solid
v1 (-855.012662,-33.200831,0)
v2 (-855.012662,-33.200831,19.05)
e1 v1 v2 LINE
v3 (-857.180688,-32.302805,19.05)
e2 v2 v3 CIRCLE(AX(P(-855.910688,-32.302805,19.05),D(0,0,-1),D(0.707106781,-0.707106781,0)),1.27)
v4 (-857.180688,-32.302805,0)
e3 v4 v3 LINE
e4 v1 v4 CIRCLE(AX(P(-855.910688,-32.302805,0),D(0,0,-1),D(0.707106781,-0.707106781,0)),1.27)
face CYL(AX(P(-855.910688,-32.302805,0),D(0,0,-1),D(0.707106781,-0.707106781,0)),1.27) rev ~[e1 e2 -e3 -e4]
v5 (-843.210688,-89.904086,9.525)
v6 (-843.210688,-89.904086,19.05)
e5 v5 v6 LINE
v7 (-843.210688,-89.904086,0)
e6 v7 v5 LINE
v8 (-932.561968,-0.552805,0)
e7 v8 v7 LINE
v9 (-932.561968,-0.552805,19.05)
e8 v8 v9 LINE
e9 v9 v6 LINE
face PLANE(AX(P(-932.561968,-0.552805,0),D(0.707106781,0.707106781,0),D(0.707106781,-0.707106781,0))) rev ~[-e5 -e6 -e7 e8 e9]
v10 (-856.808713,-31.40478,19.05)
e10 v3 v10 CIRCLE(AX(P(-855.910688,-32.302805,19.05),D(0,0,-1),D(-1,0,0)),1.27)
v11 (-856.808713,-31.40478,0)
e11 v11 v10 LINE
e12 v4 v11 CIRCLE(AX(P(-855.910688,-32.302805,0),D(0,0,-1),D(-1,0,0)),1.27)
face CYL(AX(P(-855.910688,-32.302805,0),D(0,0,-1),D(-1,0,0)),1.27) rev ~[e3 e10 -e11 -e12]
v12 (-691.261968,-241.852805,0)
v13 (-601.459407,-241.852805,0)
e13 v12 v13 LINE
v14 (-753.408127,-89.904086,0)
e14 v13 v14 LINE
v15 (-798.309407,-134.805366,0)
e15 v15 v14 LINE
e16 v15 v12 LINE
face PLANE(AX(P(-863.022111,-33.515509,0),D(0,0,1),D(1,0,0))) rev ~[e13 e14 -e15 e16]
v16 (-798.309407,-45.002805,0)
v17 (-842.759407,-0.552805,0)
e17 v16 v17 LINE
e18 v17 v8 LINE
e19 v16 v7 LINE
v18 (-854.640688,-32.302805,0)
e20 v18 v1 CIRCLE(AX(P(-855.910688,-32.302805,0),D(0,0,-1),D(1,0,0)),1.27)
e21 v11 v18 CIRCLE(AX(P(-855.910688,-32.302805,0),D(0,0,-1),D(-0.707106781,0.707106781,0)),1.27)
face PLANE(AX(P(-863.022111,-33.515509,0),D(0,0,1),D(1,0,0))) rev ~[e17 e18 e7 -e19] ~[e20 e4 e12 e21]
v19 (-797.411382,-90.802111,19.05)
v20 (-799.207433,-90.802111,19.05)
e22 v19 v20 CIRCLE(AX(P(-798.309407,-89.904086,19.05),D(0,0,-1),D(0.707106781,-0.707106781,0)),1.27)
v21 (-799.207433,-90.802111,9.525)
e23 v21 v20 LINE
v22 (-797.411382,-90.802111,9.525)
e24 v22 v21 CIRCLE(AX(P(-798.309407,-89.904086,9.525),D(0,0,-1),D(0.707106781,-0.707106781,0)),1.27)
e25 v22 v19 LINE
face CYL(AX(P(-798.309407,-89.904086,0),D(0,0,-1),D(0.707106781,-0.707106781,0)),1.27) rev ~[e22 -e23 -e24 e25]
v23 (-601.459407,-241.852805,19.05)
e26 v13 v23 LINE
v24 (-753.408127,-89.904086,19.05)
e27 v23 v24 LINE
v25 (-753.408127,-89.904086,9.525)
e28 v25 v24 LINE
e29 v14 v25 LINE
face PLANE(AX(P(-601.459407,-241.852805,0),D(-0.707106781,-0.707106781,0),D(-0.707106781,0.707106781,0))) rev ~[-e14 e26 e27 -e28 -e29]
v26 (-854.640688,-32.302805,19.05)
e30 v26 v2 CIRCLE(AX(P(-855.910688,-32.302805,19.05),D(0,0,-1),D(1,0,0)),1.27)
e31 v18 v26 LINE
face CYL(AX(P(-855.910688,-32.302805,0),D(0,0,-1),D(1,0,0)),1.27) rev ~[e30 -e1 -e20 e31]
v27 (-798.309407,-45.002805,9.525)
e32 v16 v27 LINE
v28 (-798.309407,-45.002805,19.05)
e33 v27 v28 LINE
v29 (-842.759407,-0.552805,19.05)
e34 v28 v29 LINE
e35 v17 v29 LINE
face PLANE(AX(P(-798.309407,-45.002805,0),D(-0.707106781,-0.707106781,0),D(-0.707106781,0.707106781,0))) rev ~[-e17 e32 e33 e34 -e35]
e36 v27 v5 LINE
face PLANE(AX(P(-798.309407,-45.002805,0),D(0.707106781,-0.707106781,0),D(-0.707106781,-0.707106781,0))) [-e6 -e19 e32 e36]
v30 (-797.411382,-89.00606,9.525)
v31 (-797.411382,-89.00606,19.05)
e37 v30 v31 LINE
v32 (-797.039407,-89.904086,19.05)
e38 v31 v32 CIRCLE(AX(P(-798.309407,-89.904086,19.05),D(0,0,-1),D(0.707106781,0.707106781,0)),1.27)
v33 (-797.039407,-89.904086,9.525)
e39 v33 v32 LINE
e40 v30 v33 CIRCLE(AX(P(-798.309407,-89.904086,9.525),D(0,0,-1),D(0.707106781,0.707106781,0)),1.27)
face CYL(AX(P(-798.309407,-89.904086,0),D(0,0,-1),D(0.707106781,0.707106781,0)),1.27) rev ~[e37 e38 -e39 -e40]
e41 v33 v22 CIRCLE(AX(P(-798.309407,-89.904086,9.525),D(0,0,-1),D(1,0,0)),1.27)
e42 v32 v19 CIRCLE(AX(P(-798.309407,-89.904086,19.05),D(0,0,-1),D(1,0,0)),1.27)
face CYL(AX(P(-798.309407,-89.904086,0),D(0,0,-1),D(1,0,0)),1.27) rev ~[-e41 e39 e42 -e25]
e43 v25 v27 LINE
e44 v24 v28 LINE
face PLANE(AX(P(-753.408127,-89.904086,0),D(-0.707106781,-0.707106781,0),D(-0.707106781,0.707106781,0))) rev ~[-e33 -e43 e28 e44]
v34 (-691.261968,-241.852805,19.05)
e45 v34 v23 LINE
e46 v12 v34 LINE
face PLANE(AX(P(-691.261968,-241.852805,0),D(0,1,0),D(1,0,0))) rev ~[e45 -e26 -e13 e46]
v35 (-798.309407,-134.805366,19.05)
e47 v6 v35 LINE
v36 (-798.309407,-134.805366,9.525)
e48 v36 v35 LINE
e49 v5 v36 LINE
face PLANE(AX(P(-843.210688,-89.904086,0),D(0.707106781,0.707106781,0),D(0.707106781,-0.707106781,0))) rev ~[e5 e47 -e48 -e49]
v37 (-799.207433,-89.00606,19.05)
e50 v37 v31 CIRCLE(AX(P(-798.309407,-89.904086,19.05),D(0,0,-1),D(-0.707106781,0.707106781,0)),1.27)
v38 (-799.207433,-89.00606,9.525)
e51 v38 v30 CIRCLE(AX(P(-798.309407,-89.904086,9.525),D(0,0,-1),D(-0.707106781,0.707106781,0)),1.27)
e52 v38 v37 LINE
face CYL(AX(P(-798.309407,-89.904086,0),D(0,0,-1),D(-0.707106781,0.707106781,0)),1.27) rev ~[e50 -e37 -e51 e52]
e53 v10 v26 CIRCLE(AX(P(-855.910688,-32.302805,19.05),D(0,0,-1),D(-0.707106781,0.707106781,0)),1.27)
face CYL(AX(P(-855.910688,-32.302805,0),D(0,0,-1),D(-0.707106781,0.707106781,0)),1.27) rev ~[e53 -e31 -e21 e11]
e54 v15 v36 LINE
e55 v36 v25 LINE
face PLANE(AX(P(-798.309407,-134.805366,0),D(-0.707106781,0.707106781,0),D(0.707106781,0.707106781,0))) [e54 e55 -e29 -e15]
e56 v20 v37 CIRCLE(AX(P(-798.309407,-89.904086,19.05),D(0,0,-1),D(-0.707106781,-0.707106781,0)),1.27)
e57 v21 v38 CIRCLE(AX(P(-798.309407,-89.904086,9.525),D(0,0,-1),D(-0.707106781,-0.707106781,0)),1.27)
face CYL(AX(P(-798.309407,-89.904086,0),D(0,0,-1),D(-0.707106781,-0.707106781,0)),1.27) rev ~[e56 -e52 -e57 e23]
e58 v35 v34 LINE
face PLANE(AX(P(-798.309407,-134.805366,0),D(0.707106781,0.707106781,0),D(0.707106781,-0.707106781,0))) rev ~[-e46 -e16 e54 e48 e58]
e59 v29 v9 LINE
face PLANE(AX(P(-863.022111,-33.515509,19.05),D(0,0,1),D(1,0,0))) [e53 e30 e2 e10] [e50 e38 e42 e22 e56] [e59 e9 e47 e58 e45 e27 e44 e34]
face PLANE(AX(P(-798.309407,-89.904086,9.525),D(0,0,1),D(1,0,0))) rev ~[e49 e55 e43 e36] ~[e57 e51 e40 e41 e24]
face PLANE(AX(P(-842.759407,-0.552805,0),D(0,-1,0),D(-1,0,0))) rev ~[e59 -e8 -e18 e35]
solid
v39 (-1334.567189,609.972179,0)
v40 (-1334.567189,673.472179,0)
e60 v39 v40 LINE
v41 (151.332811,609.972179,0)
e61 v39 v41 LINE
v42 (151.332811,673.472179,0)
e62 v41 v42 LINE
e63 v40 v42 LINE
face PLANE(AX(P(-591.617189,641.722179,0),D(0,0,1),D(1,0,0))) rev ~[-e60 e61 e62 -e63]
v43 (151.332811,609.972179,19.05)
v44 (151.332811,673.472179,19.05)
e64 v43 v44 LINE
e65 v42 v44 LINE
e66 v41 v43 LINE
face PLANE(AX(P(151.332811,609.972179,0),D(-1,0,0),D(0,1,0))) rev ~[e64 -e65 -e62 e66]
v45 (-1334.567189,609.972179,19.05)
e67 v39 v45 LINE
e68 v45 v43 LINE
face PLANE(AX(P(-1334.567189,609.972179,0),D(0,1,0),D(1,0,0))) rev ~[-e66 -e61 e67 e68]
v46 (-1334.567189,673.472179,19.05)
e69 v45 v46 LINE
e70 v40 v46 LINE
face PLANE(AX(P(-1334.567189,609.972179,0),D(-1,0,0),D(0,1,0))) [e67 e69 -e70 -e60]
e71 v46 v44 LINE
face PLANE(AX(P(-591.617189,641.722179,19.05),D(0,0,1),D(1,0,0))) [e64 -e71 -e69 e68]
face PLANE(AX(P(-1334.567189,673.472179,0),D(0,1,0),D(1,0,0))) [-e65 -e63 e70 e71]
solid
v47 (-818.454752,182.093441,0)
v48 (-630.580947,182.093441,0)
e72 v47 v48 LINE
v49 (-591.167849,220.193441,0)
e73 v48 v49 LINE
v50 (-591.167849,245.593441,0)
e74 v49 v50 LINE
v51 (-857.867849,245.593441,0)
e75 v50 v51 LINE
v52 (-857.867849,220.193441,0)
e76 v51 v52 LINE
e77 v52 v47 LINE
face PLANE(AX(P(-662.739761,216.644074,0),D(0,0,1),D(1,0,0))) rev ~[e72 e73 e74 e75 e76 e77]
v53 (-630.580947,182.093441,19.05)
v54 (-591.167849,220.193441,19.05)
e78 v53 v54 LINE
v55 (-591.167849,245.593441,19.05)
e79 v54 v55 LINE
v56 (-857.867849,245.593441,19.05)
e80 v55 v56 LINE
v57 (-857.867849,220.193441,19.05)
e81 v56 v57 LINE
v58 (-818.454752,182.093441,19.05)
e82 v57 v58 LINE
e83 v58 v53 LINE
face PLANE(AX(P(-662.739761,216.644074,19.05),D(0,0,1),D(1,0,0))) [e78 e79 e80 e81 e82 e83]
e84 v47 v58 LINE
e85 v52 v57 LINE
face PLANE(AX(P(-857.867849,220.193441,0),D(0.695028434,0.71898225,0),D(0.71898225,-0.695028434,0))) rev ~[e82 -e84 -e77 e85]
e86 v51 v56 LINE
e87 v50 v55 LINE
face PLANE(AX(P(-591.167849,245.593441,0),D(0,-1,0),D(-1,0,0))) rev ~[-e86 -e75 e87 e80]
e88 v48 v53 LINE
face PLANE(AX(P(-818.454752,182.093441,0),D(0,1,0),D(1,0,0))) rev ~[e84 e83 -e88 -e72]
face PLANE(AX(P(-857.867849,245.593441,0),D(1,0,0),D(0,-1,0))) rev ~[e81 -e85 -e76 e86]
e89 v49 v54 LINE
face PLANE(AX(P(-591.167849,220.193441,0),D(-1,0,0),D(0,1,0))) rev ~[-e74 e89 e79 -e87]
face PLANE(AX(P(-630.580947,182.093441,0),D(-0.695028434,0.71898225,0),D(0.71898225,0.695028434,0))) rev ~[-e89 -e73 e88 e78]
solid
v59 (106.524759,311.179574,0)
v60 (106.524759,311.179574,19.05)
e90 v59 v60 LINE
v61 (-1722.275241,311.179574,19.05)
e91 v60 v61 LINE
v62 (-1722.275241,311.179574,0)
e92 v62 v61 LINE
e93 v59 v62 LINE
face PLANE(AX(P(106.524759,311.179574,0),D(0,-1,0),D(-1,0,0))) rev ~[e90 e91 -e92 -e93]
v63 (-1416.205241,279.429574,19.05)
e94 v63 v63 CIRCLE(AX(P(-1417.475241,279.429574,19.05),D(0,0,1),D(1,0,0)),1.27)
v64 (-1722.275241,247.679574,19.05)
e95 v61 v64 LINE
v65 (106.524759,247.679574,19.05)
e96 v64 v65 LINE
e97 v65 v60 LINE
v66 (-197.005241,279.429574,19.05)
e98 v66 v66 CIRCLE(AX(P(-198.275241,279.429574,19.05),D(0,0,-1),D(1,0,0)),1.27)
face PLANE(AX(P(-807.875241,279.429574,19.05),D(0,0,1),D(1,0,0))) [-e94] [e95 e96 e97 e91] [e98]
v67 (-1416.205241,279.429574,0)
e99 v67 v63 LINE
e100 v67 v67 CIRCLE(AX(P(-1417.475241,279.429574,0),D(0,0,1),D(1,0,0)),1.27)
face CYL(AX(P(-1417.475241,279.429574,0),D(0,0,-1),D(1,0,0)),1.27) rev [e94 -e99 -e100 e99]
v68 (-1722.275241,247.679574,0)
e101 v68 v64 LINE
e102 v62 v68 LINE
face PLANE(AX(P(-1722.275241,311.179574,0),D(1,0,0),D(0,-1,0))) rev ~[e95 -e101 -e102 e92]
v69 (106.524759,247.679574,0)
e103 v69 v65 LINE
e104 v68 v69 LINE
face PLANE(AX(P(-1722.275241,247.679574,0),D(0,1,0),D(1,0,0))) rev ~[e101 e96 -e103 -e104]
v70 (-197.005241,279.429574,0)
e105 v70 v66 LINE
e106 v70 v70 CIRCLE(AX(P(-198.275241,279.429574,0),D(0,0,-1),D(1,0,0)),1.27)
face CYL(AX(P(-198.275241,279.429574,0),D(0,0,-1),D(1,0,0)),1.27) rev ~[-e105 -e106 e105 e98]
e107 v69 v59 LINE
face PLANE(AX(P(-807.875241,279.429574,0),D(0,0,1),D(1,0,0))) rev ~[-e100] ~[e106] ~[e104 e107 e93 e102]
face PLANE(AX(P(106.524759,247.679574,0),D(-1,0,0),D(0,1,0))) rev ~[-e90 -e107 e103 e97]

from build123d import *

# Parameters (mm, degrees)
F0_R     = 1.27
F3_DEPTH = 19.05
F4_DEPTH = 19.05
F5_DEPTH = 19.05
F6_DEPTH = 9.525
F7_W     = 1485.9
F7_H     = 63.5
F8_DEPTH = 19.05


with BuildPart() as f3:
    # F0 (on Top) → F3 (new body)
    with BuildSketch(Plane.XY):
        Polygon((106.5247591868, 311.1795735657), (-1722.2752408132, 311.1795735657), (-1722.2752408132, 247.6795735657), (106.5247591868, 247.6795735657), (106.5247591868, 279.4295735657), align=None)
        with Locations((-1417.4752408132, 279.4295735657)):
            Circle(F0_R, mode=Mode.SUBTRACT)
        with BuildLine():
            ThreePointArc((-199.5452408132, 279.4295735657), (-198.2752408132, 280.6995735657), (-197.0052408132, 279.4295735657))
            ThreePointArc((-197.0052408132, 279.4295735657), (-198.2752408132, 278.1595735657), (-199.5452408132, 279.4295735657))
        make_face(mode=Mode.SUBTRACT)
    extrude(amount=F3_DEPTH)


with BuildPart() as f4:
    # F1 (on Top) → F4 (new body)
    with BuildSketch(Plane.XY):
        Polygon((-591.1678494178, 245.5934405844), (-724.5178494178, 245.5934405844), (-724.5178494178, 182.0934405844), (-630.580947315, 182.0934405844), (-591.1678494178, 220.1934405844), align=None)
        Polygon((-724.5178494178, 245.5934405844), (-857.8678494178, 245.5934405844), (-857.8678494178, 220.1934405844), (-818.4547515206, 182.0934405844), (-724.5178494178, 182.0934405844), align=None)
    extrude(amount=F4_DEPTH)


with BuildPart() as f5:
    # F2 (on Top) → F5 (new body)
    with BuildSketch(Plane.XY):
        Polygon((-842.7594071963, -0.5528051282), (-932.561968407, -0.5528051282), (-843.2106878017, -89.9040857336), (-798.3094071963, -45.0028051282), align=None)
        with BuildLine():
            ThreePointArc((-857.1806878017, -32.3028051282), (-857.084014808, -31.8167971691), (-856.8087134138, -31.4047795161))
            ThreePointArc((-856.8087134138, -31.4047795161), (-855.4246798426, -31.129478122), (-854.6406878017, -32.3028051282))
            ThreePointArc((-854.6406878017, -32.3028051282), (-854.7373607954, -32.7888130874), (-855.0126621896, -33.2008307404))
            ThreePointArc((-855.0126621896, -33.2008307404), (-856.3966957608, -33.4761321345), (-857.1806878017, -32.3028051282))
        make_face(mode=Mode.SUBTRACT)
        Polygon((-753.408126591, -89.9040857336), (-798.3094071963, -134.8053663389), (-691.261968407, -241.8528051282), (-601.4594071963, -241.8528051282), align=None)
        Polygon((-798.3094071963, -45.0028051282), (-843.2106878017, -89.9040857336), (-798.3094071963, -134.8053663389), (-753.408126591, -89.9040857336), align=None)
        with BuildLine():
            ThreePointArc((-797.4113815842, -89.0060601215), (-797.1360801901, -89.4180777745), (-797.0394071963, -89.9040857336))
            ThreePointArc((-797.0394071963, -89.9040857336), (-797.1360801901, -90.3900936927), (-797.4113815842, -90.8021113457))
            ThreePointArc((-797.4113815842, -90.8021113457), (-798.3094071963, -91.1740857336), (-799.2074328084, -90.8021113457))
            ThreePointArc((-799.2074328084, -90.8021113457), (-799.5794071963, -89.9040857336), (-799.2074328084, -89.0060601215))
            ThreePointArc((-799.2074328084, -89.0060601215), (-798.3094071963, -88.6340857336), (-797.4113815842, -89.0060601215))
        make_face(mode=Mode.SUBTRACT)
    extrude(amount=F5_DEPTH)

    # F2 (on Top) → F6 (cut)
    with BuildSketch(Plane.XY):
        Polygon((-798.3094071963, -45.0028051282), (-843.2106878017, -89.9040857336), (-798.3094071963, -134.8053663389), (-753.408126591, -89.9040857336), align=None)
        with BuildLine():
            ThreePointArc((-797.4113815842, -89.0060601215), (-797.1360801901, -89.4180777745), (-797.0394071963, -89.9040857336))
            ThreePointArc((-797.0394071963, -89.9040857336), (-797.1360801901, -90.3900936927), (-797.4113815842, -90.8021113457))
            ThreePointArc((-797.4113815842, -90.8021113457), (-798.3094071963, -91.1740857336), (-799.2074328084, -90.8021113457))
            ThreePointArc((-799.2074328084, -90.8021113457), (-799.5794071963, -89.9040857336), (-799.2074328084, -89.0060601215))
            ThreePointArc((-799.2074328084, -89.0060601215), (-798.3094071963, -88.6340857336), (-797.4113815842, -89.0060601215))
        make_face(mode=Mode.SUBTRACT)
    extrude(amount=F6_DEPTH, mode=Mode.SUBTRACT)


with BuildPart() as f8:
    # F7 (on Top) → F8 (new body)
    with BuildSketch(Plane.XY):
        with Locations((-591.6171892166, 641.722178936)):
            Rectangle(F7_W, F7_H)
    extrude(amount=F8_DEPTH)


solid = Compound([f3.part, f4.part, f5.part, f8.part])
